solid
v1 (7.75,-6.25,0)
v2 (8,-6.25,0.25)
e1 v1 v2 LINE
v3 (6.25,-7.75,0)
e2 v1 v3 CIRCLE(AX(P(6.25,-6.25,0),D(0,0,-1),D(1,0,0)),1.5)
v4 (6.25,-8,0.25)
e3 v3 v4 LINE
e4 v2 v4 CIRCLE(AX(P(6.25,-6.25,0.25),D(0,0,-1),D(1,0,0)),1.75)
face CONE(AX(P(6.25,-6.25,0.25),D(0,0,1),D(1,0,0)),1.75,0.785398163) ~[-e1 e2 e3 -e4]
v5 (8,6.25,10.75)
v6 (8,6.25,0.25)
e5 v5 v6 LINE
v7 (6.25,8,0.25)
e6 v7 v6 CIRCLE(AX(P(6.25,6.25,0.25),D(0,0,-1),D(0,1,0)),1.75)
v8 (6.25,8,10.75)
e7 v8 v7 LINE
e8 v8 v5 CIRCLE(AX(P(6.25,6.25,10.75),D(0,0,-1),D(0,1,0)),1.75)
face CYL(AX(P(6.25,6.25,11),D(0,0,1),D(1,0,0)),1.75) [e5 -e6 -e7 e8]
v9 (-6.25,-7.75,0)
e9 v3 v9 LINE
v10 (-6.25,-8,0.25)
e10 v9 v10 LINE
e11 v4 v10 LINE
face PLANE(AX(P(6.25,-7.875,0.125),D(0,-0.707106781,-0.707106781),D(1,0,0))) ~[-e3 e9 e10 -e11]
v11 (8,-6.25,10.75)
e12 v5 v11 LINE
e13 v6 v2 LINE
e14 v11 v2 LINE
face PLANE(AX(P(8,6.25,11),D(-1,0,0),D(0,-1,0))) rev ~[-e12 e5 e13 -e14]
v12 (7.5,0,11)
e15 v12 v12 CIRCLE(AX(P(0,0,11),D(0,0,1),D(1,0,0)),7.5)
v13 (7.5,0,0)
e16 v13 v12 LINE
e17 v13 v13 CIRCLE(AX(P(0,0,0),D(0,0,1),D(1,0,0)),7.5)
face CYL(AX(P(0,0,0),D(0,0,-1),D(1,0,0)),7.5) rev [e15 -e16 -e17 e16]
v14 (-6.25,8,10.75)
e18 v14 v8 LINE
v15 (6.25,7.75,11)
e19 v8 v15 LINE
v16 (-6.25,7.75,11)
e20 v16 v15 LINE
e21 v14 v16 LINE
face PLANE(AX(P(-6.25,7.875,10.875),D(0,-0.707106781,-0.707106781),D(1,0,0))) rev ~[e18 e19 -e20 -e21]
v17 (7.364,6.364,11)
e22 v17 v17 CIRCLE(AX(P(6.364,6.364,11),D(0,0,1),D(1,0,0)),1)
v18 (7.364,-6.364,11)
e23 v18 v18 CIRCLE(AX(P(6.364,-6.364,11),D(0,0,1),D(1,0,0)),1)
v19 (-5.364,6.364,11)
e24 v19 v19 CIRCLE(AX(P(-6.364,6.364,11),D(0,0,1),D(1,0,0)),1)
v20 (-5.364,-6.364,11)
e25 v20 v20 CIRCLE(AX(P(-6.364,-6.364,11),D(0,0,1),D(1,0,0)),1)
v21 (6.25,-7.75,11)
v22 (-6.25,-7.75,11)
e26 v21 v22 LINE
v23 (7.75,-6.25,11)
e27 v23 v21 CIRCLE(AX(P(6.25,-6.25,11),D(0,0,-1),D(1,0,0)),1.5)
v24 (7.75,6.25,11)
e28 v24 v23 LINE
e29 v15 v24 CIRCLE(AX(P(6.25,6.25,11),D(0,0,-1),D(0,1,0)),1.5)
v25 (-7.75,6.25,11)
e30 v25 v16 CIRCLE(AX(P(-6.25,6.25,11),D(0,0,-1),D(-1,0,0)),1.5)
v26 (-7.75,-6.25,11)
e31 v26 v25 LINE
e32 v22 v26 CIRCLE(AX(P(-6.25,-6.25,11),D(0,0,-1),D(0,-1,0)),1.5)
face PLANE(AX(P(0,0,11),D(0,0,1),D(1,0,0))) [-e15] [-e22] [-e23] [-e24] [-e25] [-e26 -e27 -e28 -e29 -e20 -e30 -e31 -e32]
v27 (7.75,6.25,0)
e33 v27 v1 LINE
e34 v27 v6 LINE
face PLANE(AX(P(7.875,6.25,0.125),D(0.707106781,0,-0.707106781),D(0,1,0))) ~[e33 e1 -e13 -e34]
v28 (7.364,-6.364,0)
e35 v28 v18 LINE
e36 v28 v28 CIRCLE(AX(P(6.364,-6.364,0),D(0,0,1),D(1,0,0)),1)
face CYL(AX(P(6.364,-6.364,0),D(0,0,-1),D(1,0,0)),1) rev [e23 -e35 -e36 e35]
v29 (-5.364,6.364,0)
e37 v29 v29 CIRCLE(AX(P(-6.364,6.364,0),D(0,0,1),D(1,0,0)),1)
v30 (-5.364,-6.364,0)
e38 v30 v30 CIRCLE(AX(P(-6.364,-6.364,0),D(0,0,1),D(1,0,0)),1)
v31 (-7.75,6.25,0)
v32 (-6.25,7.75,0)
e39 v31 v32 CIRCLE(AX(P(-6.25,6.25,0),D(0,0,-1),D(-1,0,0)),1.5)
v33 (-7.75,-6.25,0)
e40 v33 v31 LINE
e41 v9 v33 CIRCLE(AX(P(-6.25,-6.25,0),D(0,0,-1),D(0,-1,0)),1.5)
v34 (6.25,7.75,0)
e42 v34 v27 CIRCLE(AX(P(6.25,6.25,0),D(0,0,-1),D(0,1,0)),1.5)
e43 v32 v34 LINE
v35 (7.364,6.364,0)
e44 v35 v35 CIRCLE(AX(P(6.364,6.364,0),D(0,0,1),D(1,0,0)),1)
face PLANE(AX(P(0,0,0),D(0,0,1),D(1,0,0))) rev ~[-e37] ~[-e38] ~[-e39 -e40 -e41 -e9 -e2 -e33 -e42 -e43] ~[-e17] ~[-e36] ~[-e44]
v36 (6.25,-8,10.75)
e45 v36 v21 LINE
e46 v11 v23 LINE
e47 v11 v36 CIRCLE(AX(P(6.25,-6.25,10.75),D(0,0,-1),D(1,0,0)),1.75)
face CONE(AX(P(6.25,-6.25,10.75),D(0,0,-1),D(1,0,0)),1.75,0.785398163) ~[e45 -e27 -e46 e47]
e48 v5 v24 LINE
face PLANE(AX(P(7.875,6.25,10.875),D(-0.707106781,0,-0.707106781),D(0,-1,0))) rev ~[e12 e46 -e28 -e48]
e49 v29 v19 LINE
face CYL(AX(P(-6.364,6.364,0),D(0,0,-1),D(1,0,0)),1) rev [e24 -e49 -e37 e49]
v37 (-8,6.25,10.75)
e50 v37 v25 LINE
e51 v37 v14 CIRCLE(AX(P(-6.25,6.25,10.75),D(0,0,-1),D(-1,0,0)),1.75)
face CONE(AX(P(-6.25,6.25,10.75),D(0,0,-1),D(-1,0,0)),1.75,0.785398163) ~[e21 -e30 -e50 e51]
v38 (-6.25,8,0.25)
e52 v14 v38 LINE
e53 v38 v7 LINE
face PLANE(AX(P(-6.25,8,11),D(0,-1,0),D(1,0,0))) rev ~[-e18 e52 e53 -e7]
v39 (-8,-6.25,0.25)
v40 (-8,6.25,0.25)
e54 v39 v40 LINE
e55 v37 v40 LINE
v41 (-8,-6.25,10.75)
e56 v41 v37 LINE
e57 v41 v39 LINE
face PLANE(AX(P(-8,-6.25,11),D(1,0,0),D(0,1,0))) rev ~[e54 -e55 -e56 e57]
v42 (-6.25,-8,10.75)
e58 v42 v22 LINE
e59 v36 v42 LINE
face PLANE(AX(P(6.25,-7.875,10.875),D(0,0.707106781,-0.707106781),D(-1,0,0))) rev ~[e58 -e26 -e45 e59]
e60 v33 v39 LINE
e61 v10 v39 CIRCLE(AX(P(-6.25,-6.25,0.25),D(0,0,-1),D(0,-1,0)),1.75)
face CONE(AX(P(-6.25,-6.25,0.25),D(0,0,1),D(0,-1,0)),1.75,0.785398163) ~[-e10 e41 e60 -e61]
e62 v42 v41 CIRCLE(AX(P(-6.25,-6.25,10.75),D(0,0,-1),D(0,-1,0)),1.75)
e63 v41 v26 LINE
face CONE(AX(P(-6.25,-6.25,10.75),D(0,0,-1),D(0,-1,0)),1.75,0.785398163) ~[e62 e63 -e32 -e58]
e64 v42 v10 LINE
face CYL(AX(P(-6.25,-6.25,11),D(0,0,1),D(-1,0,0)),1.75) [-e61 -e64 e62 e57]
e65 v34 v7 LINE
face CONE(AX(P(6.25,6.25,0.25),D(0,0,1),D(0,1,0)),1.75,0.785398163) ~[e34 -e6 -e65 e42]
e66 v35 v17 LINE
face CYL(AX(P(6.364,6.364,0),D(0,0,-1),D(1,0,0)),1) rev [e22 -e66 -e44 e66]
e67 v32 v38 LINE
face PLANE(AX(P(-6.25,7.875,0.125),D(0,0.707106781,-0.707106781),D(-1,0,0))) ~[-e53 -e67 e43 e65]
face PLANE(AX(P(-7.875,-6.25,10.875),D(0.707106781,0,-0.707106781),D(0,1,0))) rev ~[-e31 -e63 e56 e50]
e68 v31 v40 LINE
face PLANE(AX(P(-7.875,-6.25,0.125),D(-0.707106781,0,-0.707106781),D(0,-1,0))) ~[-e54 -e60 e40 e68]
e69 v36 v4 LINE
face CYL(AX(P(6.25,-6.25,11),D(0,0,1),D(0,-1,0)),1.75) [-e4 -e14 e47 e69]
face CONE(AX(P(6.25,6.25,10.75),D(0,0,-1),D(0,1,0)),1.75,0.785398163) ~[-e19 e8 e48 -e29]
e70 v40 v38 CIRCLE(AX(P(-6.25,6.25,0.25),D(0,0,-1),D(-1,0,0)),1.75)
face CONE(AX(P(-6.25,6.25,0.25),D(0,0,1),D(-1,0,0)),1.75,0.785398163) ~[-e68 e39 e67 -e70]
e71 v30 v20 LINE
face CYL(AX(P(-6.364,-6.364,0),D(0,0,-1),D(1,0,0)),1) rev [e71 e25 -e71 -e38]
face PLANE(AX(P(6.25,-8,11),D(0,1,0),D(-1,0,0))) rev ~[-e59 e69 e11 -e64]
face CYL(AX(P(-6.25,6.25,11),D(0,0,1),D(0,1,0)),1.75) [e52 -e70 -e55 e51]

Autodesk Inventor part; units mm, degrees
ref_plane "YZ Plane" through (0, 0, 0) normal (1, 0, 0) x (0, 1, 0)
ref_plane "XZ Plane" through (0, 0, 0) normal (0, 1, 0) x (-1, 0, 0)
ref_plane "XY Plane" through (0, 0, 0) normal (0, 0, 1) x (1, 0, 0)
sketch "Sketch1" plane through (0, 0, 0) normal (0, 0, 1) x (1, 0, 0)
  circle A0 centre (0, 0) radius 11
  circle A1 centre (0, 0) radius 9 construction
  line L0 (0, 0) -> (0, 11) construction
  line L1 (0, 0) -> (-6.364, 6.364) construction
  circle A2 centre (-6.364, 6.364) radius 1
  circle A3 centre (0, 0) radius 7.5
  circle A4 centre (-6.364, -6.364) radius 1
  circle A5 centre (6.364, -6.364) radius 1
  circle A6 centre (6.364, 6.364) radius 1
  dimension "d0" = 22
  dimension "d1" = 18
  dimension "d2" = 45
  dimension "d3" = 2
  dimension "d4" = 15
  dimension "d7" = 360
extrude "Extrusion1" add sketch "Sketch1" along normal blind 11
chamfer "Chamfer1" [suppressed]
chamfer "Chamfer2" [suppressed]
sketch "Sketch2" plane through (0, 0, 11) normal (0, 0, 1) x (1, 0, 0)
  line L0 (8, -8) -> (-8, -8)
  line L1 (-8, -8) -> (-8, 8)
  line L2 (-8, 8) -> (8, 8)
  line L3 (8, 8) -> (8, -8)
  line L4 (8, -8) -> (-8, 8) construction
  line L5 (-8, -8) -> (8, 8) construction
  circle A0 centre (0, 0) radius 15
  arc A1 (-6.25, 8) -> (-8, 6.25) centre (-6.25, 6.25) ccw
  arc A2 (-8, -6.25) -> (-6.25, -8) centre (-6.25, -6.25) ccw
  arc A3 (6.25, -8) -> (8, -6.25) centre (6.25, -6.25) ccw
  arc A4 (8, 6.25) -> (6.25, 8) centre (6.25, 6.25) ccw
  point P0 (8, 6.25)
  point P1 (8, -6.25)
  point P2 (6.25, -8)
  point P3 (-6.25, -8)
  point P4 (-8, -6.25)
  point P5 (6.25, 8)
  dimension "d11" = 16
  dimension "d12" = 16
  dimension "d13" = 30
  dimension "d14" = 3.5
  dimension "d17" = 360
extrude "Extrusion2" cut sketch "Sketch2" against normal through all contours L0 A3 L3 | L0 L1 A2 | A4 L2 L3 | L1 L2 A1 | A0
chamfer "Chamfer3" distance 0.25 angle 45 16 edges at (8, 0, 11) (7.4874, 7.4874, 11) (0, 8, 11) (-7.4874, 7.4874, 11) (-8, 0, 11) (-7.4874, -7.4874, 11) (0, -8, 11) (7.4874, -7.4874, 11) (8, 0, 0) (7.4874, -7.4874, 0) (0, -8, 0) (-7.4874, -7.4874, 0) (-8, 0, 0) (-7.4874, 7.4874, 0) (0, 8, 0) (7.4874, 7.4874, 0)
properties part number "AL Ring" material "Aluminum 6061"
